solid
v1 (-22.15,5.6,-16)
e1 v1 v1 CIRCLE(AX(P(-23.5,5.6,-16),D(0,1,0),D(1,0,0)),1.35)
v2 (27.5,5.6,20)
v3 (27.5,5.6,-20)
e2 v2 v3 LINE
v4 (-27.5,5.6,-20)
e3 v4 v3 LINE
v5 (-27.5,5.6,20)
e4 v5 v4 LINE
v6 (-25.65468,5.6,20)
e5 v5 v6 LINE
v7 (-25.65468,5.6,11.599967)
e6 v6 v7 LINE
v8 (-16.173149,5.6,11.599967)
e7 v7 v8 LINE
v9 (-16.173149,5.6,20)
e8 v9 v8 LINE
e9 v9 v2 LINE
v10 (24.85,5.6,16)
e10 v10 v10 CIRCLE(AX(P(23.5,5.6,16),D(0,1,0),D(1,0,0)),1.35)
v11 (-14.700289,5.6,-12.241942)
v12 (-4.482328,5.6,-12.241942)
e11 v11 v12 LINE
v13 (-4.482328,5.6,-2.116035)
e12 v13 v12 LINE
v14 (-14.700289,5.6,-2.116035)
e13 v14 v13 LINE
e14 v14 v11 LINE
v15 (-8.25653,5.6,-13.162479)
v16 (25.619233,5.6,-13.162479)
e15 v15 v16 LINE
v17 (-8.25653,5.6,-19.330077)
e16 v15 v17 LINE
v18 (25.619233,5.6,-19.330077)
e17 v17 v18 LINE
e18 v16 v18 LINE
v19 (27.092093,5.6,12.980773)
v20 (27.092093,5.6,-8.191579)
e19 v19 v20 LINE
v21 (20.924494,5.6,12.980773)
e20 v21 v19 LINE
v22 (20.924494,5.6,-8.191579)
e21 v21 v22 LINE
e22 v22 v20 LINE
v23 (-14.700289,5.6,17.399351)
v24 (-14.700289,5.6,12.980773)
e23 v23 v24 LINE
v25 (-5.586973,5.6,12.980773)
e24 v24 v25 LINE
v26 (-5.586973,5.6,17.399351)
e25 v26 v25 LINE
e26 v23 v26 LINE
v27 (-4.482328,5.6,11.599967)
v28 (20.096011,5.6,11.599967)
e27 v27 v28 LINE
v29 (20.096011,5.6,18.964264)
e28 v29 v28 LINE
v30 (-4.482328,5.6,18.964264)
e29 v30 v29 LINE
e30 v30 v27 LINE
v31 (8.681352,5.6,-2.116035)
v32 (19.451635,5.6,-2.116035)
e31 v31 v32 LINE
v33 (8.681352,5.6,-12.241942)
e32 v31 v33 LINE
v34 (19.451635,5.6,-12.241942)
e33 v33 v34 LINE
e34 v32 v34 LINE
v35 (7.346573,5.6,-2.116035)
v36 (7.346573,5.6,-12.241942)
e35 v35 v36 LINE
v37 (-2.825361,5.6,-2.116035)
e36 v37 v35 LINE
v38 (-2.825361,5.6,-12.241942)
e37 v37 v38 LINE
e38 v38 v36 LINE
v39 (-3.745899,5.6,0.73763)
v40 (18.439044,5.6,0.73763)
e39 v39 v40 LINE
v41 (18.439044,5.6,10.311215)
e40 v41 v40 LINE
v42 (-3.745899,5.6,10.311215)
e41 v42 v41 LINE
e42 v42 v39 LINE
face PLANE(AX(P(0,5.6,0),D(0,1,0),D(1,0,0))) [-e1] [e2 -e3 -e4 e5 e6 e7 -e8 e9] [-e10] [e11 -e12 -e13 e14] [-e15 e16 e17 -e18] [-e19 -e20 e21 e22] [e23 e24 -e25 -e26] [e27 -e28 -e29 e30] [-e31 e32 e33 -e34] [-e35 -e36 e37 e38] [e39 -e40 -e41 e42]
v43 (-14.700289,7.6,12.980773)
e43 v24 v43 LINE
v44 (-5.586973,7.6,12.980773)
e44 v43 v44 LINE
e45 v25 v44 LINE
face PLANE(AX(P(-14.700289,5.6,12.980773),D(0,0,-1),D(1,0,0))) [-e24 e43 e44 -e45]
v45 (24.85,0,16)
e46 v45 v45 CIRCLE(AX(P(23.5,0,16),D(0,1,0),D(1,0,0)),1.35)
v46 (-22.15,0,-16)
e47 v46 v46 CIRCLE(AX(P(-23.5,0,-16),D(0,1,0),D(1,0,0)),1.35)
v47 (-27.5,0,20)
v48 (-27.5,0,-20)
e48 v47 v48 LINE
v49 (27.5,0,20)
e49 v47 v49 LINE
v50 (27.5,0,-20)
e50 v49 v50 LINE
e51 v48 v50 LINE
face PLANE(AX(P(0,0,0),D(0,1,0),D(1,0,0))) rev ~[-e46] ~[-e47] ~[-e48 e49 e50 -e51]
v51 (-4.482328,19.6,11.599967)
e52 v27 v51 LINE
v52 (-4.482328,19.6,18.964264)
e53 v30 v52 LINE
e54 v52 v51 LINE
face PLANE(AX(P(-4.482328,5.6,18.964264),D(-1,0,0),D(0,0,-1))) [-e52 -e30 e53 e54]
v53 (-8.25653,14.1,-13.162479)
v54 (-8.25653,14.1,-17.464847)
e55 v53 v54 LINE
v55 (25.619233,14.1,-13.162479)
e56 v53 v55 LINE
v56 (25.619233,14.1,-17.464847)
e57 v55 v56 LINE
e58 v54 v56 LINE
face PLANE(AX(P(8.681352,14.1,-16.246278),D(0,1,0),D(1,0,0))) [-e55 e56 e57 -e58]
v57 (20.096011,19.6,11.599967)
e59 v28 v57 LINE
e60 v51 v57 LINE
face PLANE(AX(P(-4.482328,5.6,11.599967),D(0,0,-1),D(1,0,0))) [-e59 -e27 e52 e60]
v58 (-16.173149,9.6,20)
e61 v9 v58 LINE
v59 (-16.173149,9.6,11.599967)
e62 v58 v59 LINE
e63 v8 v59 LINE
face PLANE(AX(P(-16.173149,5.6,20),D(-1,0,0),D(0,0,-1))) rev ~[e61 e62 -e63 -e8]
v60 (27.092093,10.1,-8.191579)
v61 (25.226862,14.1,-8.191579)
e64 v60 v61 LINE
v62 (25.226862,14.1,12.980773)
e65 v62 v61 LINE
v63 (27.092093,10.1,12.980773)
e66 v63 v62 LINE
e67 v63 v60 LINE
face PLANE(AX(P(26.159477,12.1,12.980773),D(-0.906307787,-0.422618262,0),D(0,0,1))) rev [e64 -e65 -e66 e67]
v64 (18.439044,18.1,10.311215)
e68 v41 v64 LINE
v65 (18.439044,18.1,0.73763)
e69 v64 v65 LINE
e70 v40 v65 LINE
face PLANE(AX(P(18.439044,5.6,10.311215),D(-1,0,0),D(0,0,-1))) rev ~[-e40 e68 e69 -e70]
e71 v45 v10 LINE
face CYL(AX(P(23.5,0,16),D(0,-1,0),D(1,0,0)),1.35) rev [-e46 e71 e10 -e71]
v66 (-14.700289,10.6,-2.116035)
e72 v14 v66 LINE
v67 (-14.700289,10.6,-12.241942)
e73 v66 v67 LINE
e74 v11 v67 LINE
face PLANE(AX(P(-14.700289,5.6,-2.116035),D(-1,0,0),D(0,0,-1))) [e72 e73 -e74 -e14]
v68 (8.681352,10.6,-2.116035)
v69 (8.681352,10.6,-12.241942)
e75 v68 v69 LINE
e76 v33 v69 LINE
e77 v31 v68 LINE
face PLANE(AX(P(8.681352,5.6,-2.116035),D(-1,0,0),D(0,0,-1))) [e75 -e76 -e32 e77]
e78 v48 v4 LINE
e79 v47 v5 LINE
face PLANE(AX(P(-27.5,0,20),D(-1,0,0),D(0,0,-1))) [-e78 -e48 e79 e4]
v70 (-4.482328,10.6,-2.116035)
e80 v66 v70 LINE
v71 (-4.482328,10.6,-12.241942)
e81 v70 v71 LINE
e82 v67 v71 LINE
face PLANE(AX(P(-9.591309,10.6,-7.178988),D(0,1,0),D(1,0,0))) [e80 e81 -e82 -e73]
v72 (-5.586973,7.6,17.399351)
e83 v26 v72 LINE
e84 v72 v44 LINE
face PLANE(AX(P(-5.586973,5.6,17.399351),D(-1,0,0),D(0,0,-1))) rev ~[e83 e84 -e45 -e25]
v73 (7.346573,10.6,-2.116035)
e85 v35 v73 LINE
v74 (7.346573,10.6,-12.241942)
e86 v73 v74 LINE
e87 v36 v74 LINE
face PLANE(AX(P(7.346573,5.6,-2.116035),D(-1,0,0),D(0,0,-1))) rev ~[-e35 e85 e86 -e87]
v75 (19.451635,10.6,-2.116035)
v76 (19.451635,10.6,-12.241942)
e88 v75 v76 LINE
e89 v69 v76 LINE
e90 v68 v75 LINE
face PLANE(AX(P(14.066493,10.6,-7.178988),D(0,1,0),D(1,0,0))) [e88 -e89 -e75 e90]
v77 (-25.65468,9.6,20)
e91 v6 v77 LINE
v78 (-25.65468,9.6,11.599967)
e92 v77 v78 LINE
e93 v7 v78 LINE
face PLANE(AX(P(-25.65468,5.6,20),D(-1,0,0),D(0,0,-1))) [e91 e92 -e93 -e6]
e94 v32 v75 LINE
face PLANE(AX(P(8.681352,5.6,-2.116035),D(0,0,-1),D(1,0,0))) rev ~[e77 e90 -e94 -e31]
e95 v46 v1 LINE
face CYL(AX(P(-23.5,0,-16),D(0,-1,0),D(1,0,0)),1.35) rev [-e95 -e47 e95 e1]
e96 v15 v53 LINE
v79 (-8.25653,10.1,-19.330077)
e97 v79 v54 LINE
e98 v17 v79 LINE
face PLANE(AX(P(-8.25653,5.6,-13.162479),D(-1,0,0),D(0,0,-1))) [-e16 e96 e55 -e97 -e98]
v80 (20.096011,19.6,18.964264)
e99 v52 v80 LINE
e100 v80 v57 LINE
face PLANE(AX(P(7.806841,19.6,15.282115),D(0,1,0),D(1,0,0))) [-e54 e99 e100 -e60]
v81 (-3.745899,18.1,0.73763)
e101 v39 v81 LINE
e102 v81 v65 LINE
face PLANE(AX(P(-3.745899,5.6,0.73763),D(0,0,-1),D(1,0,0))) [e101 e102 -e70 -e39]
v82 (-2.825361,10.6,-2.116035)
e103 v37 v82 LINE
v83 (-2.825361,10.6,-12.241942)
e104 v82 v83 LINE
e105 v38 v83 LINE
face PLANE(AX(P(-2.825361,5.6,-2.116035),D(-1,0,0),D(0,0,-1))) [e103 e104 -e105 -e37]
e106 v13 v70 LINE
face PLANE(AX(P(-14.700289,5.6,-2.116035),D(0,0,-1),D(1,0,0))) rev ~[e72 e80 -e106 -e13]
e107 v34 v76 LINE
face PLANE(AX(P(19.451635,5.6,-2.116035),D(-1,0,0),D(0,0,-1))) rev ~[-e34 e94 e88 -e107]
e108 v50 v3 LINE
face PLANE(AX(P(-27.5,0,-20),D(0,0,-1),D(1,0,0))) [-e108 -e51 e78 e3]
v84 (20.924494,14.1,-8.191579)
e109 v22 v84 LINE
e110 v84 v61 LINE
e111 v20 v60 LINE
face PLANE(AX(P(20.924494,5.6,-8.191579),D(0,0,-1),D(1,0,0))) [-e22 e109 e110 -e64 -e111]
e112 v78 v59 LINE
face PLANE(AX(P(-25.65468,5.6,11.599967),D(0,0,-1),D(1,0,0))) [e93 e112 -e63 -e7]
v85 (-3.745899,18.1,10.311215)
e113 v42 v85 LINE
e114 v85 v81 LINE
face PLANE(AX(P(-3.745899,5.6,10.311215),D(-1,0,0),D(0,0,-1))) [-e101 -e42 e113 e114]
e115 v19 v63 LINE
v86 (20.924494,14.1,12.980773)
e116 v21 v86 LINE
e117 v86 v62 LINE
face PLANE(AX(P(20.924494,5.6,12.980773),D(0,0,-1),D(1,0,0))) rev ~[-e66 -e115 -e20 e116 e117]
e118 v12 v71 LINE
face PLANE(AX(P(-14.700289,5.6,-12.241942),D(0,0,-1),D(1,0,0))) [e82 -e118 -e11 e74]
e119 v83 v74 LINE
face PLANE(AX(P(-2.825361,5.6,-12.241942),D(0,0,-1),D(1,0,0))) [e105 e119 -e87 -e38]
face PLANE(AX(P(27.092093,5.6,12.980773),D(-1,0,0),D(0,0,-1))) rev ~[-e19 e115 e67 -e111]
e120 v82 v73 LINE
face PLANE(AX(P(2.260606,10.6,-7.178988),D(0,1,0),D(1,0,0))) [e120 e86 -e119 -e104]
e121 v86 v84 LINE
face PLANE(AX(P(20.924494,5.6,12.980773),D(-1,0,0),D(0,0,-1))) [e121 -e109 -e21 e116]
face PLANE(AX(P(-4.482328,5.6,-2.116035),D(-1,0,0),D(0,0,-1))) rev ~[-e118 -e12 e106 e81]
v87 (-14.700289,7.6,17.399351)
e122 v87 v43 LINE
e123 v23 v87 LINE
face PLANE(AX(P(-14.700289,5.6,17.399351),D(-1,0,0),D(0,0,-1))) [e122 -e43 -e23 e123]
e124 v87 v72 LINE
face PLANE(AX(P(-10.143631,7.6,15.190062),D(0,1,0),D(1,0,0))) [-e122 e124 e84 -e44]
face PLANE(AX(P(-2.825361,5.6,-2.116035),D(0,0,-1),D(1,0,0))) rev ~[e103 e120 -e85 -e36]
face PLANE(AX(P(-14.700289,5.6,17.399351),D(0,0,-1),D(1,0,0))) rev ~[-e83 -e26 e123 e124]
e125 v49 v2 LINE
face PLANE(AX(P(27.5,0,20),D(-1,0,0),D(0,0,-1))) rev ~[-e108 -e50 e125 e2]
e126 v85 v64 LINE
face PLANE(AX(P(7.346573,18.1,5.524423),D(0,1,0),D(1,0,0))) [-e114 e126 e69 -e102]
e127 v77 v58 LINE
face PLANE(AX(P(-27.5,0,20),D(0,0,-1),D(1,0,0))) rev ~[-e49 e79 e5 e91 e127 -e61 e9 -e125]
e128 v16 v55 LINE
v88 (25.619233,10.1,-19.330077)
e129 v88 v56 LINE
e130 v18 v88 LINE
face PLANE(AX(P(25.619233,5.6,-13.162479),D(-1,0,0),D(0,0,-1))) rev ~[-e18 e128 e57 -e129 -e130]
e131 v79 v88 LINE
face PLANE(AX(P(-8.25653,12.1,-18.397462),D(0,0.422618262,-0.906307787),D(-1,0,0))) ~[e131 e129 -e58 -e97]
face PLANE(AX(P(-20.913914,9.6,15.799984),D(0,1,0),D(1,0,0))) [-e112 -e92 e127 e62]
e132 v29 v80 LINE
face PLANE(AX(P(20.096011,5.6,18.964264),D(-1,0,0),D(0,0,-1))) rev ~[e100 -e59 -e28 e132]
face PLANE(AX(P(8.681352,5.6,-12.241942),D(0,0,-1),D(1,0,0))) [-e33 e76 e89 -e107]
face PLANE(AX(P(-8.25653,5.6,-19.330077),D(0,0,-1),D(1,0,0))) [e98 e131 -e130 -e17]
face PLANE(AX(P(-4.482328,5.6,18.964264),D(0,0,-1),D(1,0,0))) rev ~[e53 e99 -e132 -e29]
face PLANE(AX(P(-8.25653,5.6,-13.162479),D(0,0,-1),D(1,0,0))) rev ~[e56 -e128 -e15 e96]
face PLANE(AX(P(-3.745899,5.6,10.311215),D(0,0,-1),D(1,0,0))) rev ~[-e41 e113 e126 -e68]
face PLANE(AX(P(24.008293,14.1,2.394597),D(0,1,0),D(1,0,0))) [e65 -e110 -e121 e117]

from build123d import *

# Parameters (mm, degrees)
SKIZZE1_W                       = 55
SKIZZE1_H                       = 40
SKIZZE1_R                       = 1.35
AUFSATZ_LINEAR_AUSTRAGEN1_DEPTH = 5.6
SKIZZE2_W                       = 33.875763277
SKIZZE2_H                       = 6.167598205
SKIZZE2_W_2                     = 6.167598205
SKIZZE2_H_2                     = 21.172352048
AUFSATZ_LINEAR_AUSTRAGEN2_DEPTH = 8.5
SKIZZE2_3_W                     = 9.48153157
SKIZZE2_3_H                     = 8.400032762
AUFSATZ_LINEAR_AUSTRAGEN3_DEPTH = 4
SKIZZE2_4_W                     = 10.217961205
SKIZZE2_4_H                     = 10.125907501
SKIZZE2_4_W_2                   = 10.171934354
SKIZZE2_4_W_3                   = 10.770283433
AUFSATZ_LINEAR_AUSTRAGEN4_DEPTH = 5
SKIZZE2_5_W                     = 22.184942798
SKIZZE2_5_H                     = 9.573585274
AUFSATZ_LINEAR_AUSTRAGEN5_DEPTH = 12.5
SKIZZE2_6_W                     = 24.578339117
SKIZZE2_6_H                     = 7.364296365
AUFSATZ_LINEAR_AUSTRAGEN6_DEPTH = 14
SKIZZE2_7_W                     = 9.113316751
SKIZZE2_7_H                     = 4.418577819
AUFSATZ_LINEAR_AUSTRAGEN7_DEPTH = 2
FASE1_SIZE                      = 4
FASE1_SIZE2                     = 1.865230633
FASE1_PART_2_SIZE               = 4
FASE1_PART_2_SIZE2              = 1.865230633


with BuildPart() as part:
    # Skizze1 → Aufsatz-Linear austragen1 (new body)
    with BuildSketch(Plane(origin=(0, 0, 0), x_dir=(1, 0, 0), z_dir=(0, 1, 0))):
        Rectangle(SKIZZE1_W, SKIZZE1_H)
        with Locations((-23.5, 16)):
            Circle(SKIZZE1_R, mode=Mode.SUBTRACT)
        with Locations((23.5, -16)):
            Circle(SKIZZE1_R, mode=Mode.SUBTRACT)
    extrude(amount=AUFSATZ_LINEAR_AUSTRAGEN1_DEPTH)

    # Skizze2 → Aufsatz-Linear austragen2 (add)
    with BuildSketch(Plane(origin=(0, 5.6, 0), x_dir=(1, 0, 0), z_dir=(0, 1, 0))):
        with Locations((8.681351592, 16.246278391)):
            Rectangle(SKIZZE2_W, SKIZZE2_H)
        with Locations((24.008293401, -2.394596782)):
            Rectangle(SKIZZE2_W_2, SKIZZE2_H_2)
    extrude(amount=AUFSATZ_LINEAR_AUSTRAGEN2_DEPTH)

    # Skizze2<3> → Aufsatz-Linear austragen3 (add)
    with BuildSketch(Plane(origin=(0, 5.6, 0), x_dir=(1, 0, 0), z_dir=(0, 1, 0))):
        with Locations((-20.913914423, -15.799983619)):
            Rectangle(SKIZZE2_3_W, SKIZZE2_3_H)
    extrude(amount=AUFSATZ_LINEAR_AUSTRAGEN3_DEPTH)

    # Skizze2<4> → Aufsatz-Linear austragen4 (add)
    with BuildSketch(Plane(origin=(0, 5.6, 0), x_dir=(1, 0, 0), z_dir=(0, 1, 0))):
        with Locations((-9.591308763, 7.178988492)):
            Rectangle(SKIZZE2_4_W, SKIZZE2_4_H)
        with Locations((2.260605699, 7.178988492)):
            Rectangle(SKIZZE2_4_W_2, SKIZZE2_4_H)
        with Locations((14.066493309, 7.178988492)):
            Rectangle(SKIZZE2_4_W_3, SKIZZE2_4_H)
    extrude(amount=AUFSATZ_LINEAR_AUSTRAGEN4_DEPTH)

    # Skizze2<5> → Aufsatz-Linear austragen5 (add)
    with BuildSketch(Plane(origin=(0, 5.6, 0), x_dir=(1, 0, 0), z_dir=(0, 1, 0))):
        with Locations((7.346572876, -5.524422737)):
            Rectangle(SKIZZE2_5_W, SKIZZE2_5_H)
    extrude(amount=AUFSATZ_LINEAR_AUSTRAGEN5_DEPTH)

    # Skizze2<6> → Aufsatz-Linear austragen6 (add)
    with BuildSketch(Plane(origin=(0, 5.6, 0), x_dir=(1, 0, 0), z_dir=(0, 1, 0))):
        with Locations((7.806841398, -15.282115421)):
            Rectangle(SKIZZE2_6_W, SKIZZE2_6_H)
    extrude(amount=AUFSATZ_LINEAR_AUSTRAGEN6_DEPTH)

    # Skizze2<7> → Aufsatz-Linear austragen7 (add)
    with BuildSketch(Plane(origin=(0, 5.6, 0), x_dir=(1, 0, 0), z_dir=(0, 1, 0))):
        with Locations((-10.14363099, -15.190061716)):
            Rectangle(SKIZZE2_7_W, SKIZZE2_7_H)
    extrude(amount=AUFSATZ_LINEAR_AUSTRAGEN7_DEPTH)

    # Fase1
    fase1_edges = [part.edges().sort_by_distance(p)[0] for p in [
        (8.681351592, 14.1, -19.330077493),
    ]]
    fase1_side = [part.faces().sort_by_distance(p)[0] for p in [
        (8.681351592, 9.85, -19.330077493),
    ]]
    chamfer(fase1_edges, length=FASE1_SIZE, length2=FASE1_SIZE2, reference=fase1_side[0])

    # Fase1 part 2
    fase1_part_2_edges = [part.edges().sort_by_distance(p)[0] for p in [
        (27.092092503, 14.1, 2.394596782),
    ]]
    fase1_part_2_side = [part.faces().sort_by_distance(p)[0] for p in [
        (27.092092503, 9.85, 2.394596782),
    ]]
    chamfer(fase1_part_2_edges, length=FASE1_PART_2_SIZE, length2=FASE1_PART_2_SIZE2, reference=fase1_part_2_side[0])


solid = part.part
